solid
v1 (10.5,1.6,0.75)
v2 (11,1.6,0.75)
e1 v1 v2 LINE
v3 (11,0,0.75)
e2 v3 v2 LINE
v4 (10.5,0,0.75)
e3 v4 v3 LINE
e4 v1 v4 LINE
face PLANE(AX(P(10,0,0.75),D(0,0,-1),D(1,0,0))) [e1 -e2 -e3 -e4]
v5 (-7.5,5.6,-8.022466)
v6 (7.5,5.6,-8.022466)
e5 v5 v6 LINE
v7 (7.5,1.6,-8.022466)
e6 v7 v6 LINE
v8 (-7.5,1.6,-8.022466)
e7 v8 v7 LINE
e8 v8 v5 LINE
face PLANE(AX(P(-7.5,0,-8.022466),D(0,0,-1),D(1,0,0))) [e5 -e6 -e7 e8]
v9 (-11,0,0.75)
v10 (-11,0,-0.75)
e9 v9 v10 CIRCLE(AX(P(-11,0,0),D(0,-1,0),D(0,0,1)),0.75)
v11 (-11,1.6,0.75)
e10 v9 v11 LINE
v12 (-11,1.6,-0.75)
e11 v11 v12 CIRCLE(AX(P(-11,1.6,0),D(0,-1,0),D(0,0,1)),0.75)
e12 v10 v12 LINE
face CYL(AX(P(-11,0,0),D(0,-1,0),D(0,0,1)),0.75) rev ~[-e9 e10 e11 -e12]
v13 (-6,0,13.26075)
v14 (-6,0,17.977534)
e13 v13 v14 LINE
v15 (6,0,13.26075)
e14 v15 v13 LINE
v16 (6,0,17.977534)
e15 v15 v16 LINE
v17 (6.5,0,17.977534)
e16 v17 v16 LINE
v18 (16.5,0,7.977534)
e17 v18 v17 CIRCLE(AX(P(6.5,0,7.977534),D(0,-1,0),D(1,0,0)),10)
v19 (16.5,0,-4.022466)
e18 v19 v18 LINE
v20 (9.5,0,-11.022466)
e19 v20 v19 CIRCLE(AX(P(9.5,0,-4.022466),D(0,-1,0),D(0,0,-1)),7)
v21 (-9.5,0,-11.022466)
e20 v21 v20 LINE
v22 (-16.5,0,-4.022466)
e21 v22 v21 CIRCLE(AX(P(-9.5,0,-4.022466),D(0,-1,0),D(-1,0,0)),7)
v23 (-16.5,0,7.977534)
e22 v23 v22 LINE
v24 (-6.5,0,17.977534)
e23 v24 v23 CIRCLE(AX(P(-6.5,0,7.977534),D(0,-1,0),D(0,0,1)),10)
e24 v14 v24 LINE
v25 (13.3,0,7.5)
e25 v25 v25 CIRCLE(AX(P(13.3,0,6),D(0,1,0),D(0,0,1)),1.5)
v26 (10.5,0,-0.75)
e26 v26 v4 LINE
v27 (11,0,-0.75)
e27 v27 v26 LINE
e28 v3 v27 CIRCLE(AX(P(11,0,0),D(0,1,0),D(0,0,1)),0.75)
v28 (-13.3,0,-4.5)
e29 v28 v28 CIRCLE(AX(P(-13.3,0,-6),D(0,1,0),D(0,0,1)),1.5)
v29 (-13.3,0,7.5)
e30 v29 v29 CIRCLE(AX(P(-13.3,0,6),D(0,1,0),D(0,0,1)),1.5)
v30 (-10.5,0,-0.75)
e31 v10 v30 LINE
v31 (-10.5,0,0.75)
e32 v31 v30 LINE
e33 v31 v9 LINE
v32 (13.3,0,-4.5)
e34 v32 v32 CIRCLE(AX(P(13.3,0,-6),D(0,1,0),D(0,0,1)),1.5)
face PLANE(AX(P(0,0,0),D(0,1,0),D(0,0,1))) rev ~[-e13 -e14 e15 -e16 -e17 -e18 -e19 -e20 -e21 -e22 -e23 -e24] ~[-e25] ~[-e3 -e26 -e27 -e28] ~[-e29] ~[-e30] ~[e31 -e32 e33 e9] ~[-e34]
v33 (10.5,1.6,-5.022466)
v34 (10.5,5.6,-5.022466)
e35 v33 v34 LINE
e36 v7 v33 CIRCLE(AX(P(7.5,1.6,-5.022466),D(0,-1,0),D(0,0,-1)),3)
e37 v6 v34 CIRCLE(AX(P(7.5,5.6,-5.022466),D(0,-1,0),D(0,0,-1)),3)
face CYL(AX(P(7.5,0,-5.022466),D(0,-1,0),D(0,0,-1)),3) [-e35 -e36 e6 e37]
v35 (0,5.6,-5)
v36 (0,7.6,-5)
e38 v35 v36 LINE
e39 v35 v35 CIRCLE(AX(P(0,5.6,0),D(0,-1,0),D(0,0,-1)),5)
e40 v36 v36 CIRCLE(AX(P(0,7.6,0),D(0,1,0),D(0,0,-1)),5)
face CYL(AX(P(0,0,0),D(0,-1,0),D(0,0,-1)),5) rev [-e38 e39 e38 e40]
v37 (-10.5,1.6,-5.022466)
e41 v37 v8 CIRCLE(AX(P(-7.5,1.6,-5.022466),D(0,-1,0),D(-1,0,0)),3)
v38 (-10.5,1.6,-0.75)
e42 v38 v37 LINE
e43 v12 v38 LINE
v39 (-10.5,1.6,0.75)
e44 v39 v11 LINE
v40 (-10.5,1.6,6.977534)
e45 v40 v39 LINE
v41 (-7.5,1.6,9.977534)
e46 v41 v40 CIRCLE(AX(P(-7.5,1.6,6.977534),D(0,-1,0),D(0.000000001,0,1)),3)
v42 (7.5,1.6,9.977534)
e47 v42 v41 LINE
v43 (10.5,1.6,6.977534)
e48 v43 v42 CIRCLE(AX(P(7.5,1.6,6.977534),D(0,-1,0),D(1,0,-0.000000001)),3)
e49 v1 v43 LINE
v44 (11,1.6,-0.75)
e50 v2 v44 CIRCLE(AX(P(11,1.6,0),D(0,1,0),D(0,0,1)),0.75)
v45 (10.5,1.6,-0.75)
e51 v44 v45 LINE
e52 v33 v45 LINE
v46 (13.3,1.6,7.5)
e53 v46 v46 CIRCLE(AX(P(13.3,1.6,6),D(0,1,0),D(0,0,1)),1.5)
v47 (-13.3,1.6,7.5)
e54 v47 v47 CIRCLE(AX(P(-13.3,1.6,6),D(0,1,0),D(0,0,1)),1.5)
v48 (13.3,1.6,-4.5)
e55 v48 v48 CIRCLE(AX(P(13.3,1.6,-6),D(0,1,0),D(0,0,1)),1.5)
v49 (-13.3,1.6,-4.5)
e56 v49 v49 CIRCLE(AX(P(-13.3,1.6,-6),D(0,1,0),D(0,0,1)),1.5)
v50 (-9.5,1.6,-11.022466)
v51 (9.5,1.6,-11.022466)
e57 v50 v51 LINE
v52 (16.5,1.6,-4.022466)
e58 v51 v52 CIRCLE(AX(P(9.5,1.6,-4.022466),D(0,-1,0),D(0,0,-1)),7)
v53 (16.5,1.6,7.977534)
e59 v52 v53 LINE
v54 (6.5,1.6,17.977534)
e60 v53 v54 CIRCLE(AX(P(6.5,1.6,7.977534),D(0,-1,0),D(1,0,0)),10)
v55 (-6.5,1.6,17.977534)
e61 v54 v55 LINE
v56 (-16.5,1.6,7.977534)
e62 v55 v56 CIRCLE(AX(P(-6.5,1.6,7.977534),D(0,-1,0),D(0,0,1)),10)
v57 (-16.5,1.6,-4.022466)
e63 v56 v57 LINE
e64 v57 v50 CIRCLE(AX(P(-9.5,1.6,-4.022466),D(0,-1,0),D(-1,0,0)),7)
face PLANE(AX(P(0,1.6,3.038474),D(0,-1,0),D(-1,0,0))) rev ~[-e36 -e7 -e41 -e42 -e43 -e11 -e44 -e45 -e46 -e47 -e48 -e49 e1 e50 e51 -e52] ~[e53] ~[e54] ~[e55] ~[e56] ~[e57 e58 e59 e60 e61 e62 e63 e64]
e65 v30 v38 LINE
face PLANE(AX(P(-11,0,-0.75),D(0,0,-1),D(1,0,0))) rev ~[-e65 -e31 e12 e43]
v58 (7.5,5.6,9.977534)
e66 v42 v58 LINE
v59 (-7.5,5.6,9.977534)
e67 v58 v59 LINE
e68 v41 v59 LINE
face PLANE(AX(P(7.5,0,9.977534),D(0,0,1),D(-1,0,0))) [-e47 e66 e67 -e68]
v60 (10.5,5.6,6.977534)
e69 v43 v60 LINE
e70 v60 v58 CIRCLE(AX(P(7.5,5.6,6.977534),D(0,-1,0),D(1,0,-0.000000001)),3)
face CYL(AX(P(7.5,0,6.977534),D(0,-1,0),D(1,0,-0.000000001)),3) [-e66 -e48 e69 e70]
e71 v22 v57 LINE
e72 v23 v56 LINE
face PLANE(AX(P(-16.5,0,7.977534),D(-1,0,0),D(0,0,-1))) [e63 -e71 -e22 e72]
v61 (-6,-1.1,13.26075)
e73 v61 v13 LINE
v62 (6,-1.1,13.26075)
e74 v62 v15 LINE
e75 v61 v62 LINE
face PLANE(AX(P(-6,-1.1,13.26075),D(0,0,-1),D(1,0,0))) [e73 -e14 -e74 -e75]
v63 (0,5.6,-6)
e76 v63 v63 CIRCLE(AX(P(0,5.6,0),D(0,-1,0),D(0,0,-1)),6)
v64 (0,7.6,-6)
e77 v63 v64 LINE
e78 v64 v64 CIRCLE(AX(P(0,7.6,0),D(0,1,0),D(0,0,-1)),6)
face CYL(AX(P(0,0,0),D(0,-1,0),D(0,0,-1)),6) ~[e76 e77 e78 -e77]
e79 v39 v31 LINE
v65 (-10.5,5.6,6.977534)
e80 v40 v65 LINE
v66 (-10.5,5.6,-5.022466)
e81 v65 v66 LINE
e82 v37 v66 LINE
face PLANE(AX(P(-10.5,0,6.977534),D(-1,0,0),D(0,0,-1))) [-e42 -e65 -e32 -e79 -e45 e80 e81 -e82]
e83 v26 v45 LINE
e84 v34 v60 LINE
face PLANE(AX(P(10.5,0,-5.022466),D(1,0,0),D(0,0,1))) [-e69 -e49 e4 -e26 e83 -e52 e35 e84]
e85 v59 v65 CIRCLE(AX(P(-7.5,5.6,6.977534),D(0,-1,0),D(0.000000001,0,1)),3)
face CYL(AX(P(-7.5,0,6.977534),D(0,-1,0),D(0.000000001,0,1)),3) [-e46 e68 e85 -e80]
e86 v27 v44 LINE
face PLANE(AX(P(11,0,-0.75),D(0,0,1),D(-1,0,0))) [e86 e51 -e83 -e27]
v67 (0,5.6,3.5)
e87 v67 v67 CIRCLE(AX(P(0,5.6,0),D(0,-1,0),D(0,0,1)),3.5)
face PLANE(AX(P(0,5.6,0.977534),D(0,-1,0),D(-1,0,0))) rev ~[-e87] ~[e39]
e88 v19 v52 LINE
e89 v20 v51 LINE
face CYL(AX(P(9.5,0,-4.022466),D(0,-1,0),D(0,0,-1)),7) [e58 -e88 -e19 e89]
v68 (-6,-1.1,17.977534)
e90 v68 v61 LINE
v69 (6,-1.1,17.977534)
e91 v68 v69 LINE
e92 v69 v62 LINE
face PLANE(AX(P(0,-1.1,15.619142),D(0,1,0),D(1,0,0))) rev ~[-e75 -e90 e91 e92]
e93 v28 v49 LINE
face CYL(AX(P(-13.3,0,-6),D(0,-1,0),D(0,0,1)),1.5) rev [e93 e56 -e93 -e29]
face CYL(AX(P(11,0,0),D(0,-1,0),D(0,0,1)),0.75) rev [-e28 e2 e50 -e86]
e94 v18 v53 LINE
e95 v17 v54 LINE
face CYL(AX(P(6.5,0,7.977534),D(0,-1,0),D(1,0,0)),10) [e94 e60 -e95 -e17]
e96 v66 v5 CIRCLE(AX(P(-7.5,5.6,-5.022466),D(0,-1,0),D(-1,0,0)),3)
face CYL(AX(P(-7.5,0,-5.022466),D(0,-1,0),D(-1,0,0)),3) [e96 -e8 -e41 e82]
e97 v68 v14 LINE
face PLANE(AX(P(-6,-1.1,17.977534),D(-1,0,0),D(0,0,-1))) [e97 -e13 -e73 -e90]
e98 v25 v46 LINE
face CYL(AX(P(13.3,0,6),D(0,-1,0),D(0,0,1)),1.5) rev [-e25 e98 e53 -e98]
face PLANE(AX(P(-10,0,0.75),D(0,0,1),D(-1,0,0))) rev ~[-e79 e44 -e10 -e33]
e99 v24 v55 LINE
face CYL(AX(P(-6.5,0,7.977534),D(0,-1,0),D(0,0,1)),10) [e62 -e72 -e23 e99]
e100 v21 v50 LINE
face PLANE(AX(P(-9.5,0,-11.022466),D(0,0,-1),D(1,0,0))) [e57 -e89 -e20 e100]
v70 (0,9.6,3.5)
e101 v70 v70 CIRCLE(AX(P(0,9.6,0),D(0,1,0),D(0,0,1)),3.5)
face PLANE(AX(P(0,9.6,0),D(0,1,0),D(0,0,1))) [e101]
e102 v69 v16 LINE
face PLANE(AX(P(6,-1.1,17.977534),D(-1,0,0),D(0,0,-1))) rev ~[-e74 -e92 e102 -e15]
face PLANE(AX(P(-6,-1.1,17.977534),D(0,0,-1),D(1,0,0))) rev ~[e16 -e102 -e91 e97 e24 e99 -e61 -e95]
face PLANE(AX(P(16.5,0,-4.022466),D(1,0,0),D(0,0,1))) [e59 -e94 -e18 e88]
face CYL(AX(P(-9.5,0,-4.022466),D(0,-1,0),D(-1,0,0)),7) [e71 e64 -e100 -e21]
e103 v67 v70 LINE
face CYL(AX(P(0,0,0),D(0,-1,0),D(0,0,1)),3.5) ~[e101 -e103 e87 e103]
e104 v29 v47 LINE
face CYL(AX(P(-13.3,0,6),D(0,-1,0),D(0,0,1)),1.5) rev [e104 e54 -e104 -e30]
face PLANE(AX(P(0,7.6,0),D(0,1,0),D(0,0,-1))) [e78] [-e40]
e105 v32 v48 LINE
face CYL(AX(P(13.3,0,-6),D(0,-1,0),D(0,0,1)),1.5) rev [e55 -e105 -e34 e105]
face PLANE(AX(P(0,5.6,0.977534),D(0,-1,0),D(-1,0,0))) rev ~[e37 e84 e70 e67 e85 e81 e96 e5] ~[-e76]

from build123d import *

# Parameters (mm, degrees)
SKETCH_1_R           = 1.5
EXTRUDE_1_DEPTH      = 1.6
EXTRUDE_2_DEPTH      = 5.6
SKETCH_3_R           = 6
SKETCH_3_R_2         = 5
EXTRUDE_3_DEPTH      = 7.6
SKETCH_4_R           = 3.5
SKETCH_4_R_2         = 2.75
EXTRUDE_4_DEPTH      = 9.6
SKETCH_5_R           = 3.5
EXTRUDE_5_DEPTH      = 9.6
EXTRUDE_6_DEPTH      = 0.001
EXTRUDE_6_DEPTH_BACK = 1.1
SKETCH_7_W           = 12
SKETCH_7_H           = 4.716784086


with BuildPart() as part:
    # 草图1 → 凸台-拉伸1 (new body)
    with BuildSketch(Plane(origin=(0, 0, 0), x_dir=(1, 0, 0), z_dir=(0, 1, 0))):
        with BuildLine():
            Line((-9.5, 11.022466342), (9.5, 11.022466342))
            ThreePointArc((9.5, 11.022466342), (14.449747468, 8.97221381), (16.5, 4.022466342))
            Line((16.5, 4.022466342), (16.5, -7.977533658))
            ThreePointArc((16.5, -7.977533658), (13.571067812, -15.04860147), (6.5, -17.977533658))
            Line((6.5, -17.977533658), (-6.5, -17.977533658))
            ThreePointArc((-6.5, -17.977533658), (-13.571067812, -15.04860147), (-16.5, -7.977533658))
            Line((-16.5, -7.977533658), (-16.5, 4.022466342))
            ThreePointArc((-16.5, 4.022466342), (-14.449747468, 8.97221381), (-9.5, 11.022466342))
        make_face()
        with Locations(Location((-13.3, 6, 0), (0, 0, 270))):
            Circle(SKETCH_1_R, mode=Mode.SUBTRACT)
        with Locations(Location((13.3, 6, 0), (0, 0, 270))):
            Circle(SKETCH_1_R, mode=Mode.SUBTRACT)
        with Locations(Location((-13.3, -6, 0), (0, 0, 270))):
            Circle(SKETCH_1_R, mode=Mode.SUBTRACT)
        with Locations(Location((13.3, -6, 0), (0, 0, 270))):
            Circle(SKETCH_1_R, mode=Mode.SUBTRACT)
        with BuildLine():
            Line((-11, 0.75), (-10, 0.75))
            ThreePointArc((-10, 0.75), (-9.25, 0), (-10, -0.75))
            Line((-10, -0.75), (-11, -0.75))
            ThreePointArc((-11, -0.75), (-11.75, 0), (-11, 0.75))
        make_face(mode=Mode.SUBTRACT)
        with BuildLine():
            Line((11, 0.75), (10, 0.75))
            ThreePointArc((10, 0.75), (9.25, 0), (10, -0.75))
            Line((10, -0.75), (11, -0.75))
            ThreePointArc((11, -0.75), (11.75, 0), (11, 0.75))
        make_face(mode=Mode.SUBTRACT)
    extrude(amount=EXTRUDE_1_DEPTH)

    # 草图2 → 凸台-拉伸2 (add)
    with BuildSketch(Plane(origin=(0, 0, 0), x_dir=(1, 0, 0), z_dir=(0, 1, 0))):
        with BuildLine():
            Line((-7.5, 8.022466342), (7.5, 8.022466342))
            ThreePointArc((7.5, 8.022466342), (9.621320344, 7.143786685), (10.5, 5.022466342))
            Line((10.5, 5.022466342), (10.5, -6.977533658))
            ThreePointArc((10.5, -6.977533658), (9.621320344, -9.098854002), (7.5, -9.977533658))
            Line((7.5, -9.977533658), (-7.5, -9.977533658))
            ThreePointArc((-7.5, -9.977533658), (-9.621320344, -9.098854002), (-10.5, -6.977533658))
            Line((-10.5, -6.977533658), (-10.5, 5.022466342))
            ThreePointArc((-10.5, 5.022466342), (-9.621320344, 7.143786685), (-7.5, 8.022466342))
        make_face()
    extrude(amount=EXTRUDE_2_DEPTH)

    # 草图3 → 凸台-拉伸3 (add)
    with BuildSketch(Plane(origin=(0, 0, 0), x_dir=(1, 0, 0), z_dir=(0, 1, 0))):
        with Locations(Location((0, 0, 0), (0, 0, 90))):
            Circle(SKETCH_3_R)
        with Locations(Location((0, 0, 0), (0, 0, 90))):
            Circle(SKETCH_3_R_2, mode=Mode.SUBTRACT)
    extrude(amount=EXTRUDE_3_DEPTH)

    # 草图4 → 凸台-拉伸4 (add)
    with BuildSketch(Plane(origin=(0, 0, 0), x_dir=(1, 0, 0), z_dir=(0, 1, 0))):
        with Locations(Location((0, 0, 0), (0, 0, 270))):
            Circle(SKETCH_4_R)
        with Locations(Location((0, 0, 0), (0, 0, 270))):
            Circle(SKETCH_4_R_2, mode=Mode.SUBTRACT)
    extrude(amount=EXTRUDE_4_DEPTH)

    # 草图5 → 凸台-拉伸5 (add)
    with BuildSketch(Plane(origin=(0, 0, 0), x_dir=(1, 0, 0), z_dir=(0, 1, 0))):
        with Locations(Location((0, 0, 0), (0, 0, 270))):
            Circle(SKETCH_5_R)
    extrude(amount=EXTRUDE_5_DEPTH)

    # 草图7 → 凸台-拉伸6 (add, two sides: drawn at the far end of the back side and taken through both)
    with BuildSketch(Plane(origin=(0, 0, 0), x_dir=(1, 0, 0), z_dir=(0, 1, 0)).offset(-EXTRUDE_6_DEPTH_BACK)):
        with Locations((0, -15.619141615)):
            Rectangle(SKETCH_7_W, SKETCH_7_H)
    extrude(amount=EXTRUDE_6_DEPTH + EXTRUDE_6_DEPTH_BACK)


solid = part.part
